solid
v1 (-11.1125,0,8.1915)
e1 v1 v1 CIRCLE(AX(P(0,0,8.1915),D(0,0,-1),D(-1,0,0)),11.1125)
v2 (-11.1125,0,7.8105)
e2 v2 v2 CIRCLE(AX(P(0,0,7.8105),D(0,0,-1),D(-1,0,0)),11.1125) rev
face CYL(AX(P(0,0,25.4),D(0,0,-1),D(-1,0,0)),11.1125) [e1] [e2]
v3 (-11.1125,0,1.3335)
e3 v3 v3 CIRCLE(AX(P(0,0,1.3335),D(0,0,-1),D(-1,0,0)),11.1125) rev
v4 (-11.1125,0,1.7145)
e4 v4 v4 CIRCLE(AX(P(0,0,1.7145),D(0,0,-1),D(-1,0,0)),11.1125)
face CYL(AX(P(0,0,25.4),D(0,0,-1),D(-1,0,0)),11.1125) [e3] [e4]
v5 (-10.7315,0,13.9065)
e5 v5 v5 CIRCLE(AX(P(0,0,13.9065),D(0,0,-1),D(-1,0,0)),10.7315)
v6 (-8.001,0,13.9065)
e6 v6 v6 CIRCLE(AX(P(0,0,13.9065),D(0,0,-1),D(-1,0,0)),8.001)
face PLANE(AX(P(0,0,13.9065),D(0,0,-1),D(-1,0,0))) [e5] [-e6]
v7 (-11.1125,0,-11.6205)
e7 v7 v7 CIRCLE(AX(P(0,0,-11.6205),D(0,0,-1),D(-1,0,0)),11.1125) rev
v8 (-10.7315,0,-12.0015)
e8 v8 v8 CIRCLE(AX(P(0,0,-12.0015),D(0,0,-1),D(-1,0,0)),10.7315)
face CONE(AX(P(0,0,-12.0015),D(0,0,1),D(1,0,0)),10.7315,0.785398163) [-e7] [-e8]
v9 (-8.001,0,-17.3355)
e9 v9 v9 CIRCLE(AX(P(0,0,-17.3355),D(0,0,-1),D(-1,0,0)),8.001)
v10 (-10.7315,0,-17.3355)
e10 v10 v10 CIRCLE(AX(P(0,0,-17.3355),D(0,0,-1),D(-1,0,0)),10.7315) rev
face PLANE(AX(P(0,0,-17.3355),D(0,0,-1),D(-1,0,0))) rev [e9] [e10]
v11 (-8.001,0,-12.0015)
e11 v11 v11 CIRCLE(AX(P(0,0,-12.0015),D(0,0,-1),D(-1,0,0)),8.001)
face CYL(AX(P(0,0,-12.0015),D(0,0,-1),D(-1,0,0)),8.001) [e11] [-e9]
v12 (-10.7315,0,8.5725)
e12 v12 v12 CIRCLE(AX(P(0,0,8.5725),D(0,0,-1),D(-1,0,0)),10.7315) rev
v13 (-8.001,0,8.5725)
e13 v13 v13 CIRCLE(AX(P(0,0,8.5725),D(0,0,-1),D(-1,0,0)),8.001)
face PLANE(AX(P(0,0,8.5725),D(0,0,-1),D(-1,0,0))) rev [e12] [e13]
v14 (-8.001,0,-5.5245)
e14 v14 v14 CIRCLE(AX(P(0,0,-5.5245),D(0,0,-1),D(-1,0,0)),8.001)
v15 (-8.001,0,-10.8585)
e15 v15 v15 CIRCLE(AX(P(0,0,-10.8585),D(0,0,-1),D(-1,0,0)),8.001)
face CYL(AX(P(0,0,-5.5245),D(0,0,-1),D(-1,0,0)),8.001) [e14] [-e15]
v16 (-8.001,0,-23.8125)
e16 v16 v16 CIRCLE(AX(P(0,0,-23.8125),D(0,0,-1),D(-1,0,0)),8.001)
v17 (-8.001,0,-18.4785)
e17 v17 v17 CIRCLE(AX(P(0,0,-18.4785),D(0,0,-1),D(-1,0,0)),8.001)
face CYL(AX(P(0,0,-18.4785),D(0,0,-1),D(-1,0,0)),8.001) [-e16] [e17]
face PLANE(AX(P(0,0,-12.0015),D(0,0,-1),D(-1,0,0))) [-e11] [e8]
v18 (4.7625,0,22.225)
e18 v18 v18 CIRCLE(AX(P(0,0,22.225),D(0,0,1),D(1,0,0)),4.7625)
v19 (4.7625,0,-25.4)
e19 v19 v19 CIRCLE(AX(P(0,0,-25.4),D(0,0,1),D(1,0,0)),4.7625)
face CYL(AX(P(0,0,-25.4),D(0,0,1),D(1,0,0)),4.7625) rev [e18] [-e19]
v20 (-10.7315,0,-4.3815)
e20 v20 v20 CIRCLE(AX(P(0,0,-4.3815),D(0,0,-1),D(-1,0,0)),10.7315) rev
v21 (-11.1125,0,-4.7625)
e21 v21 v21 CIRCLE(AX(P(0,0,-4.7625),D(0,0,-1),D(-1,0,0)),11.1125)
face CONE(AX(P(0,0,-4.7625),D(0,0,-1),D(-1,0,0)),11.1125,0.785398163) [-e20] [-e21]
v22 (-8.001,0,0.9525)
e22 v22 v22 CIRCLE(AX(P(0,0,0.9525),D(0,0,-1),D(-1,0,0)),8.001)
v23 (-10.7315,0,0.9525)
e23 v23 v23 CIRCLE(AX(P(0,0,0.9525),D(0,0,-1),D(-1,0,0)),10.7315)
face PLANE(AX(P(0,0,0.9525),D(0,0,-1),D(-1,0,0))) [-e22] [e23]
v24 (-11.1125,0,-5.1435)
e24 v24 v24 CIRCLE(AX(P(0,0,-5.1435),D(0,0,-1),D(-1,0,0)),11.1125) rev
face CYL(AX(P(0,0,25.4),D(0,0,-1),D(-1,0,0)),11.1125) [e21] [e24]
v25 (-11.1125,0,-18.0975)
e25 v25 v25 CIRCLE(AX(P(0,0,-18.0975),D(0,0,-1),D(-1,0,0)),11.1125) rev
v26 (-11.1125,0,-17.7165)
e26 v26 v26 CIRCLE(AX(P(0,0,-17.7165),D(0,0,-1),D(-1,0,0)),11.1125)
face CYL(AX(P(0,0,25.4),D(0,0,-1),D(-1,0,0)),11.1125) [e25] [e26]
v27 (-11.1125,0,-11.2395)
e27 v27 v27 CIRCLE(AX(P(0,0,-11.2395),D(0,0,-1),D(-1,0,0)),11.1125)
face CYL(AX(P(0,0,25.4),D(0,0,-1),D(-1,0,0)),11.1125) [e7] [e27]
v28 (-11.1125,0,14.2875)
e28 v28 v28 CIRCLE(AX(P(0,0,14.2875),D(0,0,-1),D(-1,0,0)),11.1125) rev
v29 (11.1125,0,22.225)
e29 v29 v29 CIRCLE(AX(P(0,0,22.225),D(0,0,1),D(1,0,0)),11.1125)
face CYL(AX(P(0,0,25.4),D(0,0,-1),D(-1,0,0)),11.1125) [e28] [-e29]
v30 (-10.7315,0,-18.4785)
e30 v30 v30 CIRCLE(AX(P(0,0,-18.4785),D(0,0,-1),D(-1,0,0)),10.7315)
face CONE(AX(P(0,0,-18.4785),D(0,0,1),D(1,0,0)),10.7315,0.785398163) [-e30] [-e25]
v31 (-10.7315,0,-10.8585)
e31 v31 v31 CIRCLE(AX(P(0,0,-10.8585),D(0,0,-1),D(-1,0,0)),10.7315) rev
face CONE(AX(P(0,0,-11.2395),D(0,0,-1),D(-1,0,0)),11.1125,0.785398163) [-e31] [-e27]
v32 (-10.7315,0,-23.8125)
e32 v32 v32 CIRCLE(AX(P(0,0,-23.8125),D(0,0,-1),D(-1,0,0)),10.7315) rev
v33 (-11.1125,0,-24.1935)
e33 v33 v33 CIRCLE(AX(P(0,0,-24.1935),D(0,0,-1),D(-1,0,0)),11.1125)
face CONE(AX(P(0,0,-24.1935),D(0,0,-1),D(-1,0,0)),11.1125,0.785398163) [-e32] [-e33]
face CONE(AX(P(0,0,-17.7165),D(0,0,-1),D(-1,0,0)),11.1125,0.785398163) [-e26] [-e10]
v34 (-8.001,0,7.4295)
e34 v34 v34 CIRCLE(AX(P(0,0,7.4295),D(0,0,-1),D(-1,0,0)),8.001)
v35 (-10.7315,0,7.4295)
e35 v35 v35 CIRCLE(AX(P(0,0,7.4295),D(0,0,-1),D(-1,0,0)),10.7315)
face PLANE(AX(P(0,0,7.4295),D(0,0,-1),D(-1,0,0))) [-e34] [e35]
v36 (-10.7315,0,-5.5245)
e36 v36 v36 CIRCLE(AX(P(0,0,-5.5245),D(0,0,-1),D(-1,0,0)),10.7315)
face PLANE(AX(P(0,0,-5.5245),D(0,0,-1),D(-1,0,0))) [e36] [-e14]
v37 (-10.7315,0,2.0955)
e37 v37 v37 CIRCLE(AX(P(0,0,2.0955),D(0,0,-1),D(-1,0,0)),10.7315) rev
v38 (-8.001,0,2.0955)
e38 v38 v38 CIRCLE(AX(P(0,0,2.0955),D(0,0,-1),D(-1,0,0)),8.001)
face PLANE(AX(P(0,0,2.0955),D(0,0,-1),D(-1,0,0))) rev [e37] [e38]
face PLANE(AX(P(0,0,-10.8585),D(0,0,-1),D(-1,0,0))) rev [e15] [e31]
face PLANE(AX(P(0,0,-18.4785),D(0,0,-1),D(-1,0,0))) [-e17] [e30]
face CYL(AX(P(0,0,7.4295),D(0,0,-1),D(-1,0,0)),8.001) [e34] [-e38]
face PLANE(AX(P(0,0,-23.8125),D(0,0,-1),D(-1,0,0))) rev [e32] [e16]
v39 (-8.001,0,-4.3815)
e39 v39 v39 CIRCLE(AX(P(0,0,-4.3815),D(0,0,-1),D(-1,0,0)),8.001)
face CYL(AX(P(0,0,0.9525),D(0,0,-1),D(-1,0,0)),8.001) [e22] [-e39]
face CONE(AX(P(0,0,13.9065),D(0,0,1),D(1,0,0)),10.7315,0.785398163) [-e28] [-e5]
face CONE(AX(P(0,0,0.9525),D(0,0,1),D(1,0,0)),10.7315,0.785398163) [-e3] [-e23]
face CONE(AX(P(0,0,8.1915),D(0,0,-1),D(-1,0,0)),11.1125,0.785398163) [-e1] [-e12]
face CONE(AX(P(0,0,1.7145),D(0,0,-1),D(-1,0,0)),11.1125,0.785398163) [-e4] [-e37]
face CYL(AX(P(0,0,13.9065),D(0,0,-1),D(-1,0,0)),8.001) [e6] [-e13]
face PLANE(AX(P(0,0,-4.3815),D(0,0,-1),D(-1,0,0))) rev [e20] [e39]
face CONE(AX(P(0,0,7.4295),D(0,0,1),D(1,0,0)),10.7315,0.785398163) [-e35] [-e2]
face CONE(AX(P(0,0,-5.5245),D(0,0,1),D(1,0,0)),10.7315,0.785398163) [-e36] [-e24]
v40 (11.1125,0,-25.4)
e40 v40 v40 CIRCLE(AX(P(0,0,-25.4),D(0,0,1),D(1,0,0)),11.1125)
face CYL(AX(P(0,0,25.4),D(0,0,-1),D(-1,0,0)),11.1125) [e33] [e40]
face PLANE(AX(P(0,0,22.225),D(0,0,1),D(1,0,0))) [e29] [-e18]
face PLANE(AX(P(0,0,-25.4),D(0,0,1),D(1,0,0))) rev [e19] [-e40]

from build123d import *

# Parameters (mm, degrees)
SKETCH1_R                  = 11.1125
SKETCH1_R_2                = 3.2004
EXTRUDE1_DEPTH             = 25.4
SKETCH5_R                  = 11.1125
SKETCH5_R_2                = 3.2004
CUT_EXTRUDE1_DEPTH         = 3.175
SKETCH6_R                  = 4.7625
CUT_EXTRUDE2_DEPTH         = 48.625
CUT_EXTRUDE3_START         = -1.5875
SKETCH7_R                  = 11.1125
SKETCH7_R_2                = 8.001
CUT_EXTRUDE3_DEPTH         = 5.334
CHAMFER2_SIZE              = 0.381
LPATTERN1_COUNT            = 6
LPATTERN1_PITCH            = 6.477
CHAMFER2_OF_LPATTERN1_SIZE = 0.381


with BuildPart() as part:
    # Sketch1 → Extrude1 (new body, symmetric)
    with BuildSketch(Plane.XY):
        Circle(SKETCH1_R)
        Circle(SKETCH1_R_2, mode=Mode.SUBTRACT)
    extrude(amount=EXTRUDE1_DEPTH, both=True)

    # Sketch5 → Cut-Extrude1 (cut)
    with BuildSketch(Plane.XY.offset(25.4)):
        Circle(SKETCH5_R)
        Circle(SKETCH5_R_2, mode=Mode.SUBTRACT)
    extrude(amount=-CUT_EXTRUDE1_DEPTH, mode=Mode.SUBTRACT)

    # Sketch6 → Cut-Extrude2 (cut, through all)
    with BuildSketch(Plane.XY.offset(22.225)):
        Circle(SKETCH6_R)
    extrude(amount=-CUT_EXTRUDE2_DEPTH, mode=Mode.SUBTRACT)

    # Sketch7 → Cut-Extrude3 (cut)
    with BuildSketch(Plane(origin=(0, 0, -25.4), x_dir=(-1, 0, 0), z_dir=(0, 0, -1)).offset(CUT_EXTRUDE3_START)):
        Circle(SKETCH7_R)
        Circle(SKETCH7_R_2, mode=Mode.SUBTRACT)
    cut_extrude3 = extrude(amount=-CUT_EXTRUDE3_DEPTH, mode=Mode.SUBTRACT)

    # Chamfer2
    chamfer2_edges = [part.edges().sort_by_distance(p)[0] for p in [
        (-11.1125, 0, -18.4785),
        (-11.1125, 0, -23.8125),
    ]]
    chamfer(chamfer2_edges, length=CHAMFER2_SIZE)

    # LPattern1: Cut-Extrude3 ×6
    with Locations(*[(0, 0, i * LPATTERN1_PITCH) for i in range(1, LPATTERN1_COUNT)]):
        add(cut_extrude3, mode=Mode.SUBTRACT)

    # Chamfer2 of LPattern1
    chamfer2_of_lpattern1_edges = [part.edges().sort_by_distance(p)[0] for p in [
        (-11.1125, 0, -12.0015),
        (-11.1125, 0, -17.3355),
        (-11.1125, 0, -5.5245),
        (-11.1125, 0, -10.8585),
        (-11.1125, 0, 0.9525),
        (-11.1125, 0, -4.3815),
        (-11.1125, 0, 7.4295),
        (-11.1125, 0, 2.0955),
        (-11.1125, 0, 13.9065),
        (-11.1125, 0, 8.5725),
    ]]
    chamfer(chamfer2_of_lpattern1_edges, length=CHAMFER2_OF_LPATTERN1_SIZE)


solid = part.part
